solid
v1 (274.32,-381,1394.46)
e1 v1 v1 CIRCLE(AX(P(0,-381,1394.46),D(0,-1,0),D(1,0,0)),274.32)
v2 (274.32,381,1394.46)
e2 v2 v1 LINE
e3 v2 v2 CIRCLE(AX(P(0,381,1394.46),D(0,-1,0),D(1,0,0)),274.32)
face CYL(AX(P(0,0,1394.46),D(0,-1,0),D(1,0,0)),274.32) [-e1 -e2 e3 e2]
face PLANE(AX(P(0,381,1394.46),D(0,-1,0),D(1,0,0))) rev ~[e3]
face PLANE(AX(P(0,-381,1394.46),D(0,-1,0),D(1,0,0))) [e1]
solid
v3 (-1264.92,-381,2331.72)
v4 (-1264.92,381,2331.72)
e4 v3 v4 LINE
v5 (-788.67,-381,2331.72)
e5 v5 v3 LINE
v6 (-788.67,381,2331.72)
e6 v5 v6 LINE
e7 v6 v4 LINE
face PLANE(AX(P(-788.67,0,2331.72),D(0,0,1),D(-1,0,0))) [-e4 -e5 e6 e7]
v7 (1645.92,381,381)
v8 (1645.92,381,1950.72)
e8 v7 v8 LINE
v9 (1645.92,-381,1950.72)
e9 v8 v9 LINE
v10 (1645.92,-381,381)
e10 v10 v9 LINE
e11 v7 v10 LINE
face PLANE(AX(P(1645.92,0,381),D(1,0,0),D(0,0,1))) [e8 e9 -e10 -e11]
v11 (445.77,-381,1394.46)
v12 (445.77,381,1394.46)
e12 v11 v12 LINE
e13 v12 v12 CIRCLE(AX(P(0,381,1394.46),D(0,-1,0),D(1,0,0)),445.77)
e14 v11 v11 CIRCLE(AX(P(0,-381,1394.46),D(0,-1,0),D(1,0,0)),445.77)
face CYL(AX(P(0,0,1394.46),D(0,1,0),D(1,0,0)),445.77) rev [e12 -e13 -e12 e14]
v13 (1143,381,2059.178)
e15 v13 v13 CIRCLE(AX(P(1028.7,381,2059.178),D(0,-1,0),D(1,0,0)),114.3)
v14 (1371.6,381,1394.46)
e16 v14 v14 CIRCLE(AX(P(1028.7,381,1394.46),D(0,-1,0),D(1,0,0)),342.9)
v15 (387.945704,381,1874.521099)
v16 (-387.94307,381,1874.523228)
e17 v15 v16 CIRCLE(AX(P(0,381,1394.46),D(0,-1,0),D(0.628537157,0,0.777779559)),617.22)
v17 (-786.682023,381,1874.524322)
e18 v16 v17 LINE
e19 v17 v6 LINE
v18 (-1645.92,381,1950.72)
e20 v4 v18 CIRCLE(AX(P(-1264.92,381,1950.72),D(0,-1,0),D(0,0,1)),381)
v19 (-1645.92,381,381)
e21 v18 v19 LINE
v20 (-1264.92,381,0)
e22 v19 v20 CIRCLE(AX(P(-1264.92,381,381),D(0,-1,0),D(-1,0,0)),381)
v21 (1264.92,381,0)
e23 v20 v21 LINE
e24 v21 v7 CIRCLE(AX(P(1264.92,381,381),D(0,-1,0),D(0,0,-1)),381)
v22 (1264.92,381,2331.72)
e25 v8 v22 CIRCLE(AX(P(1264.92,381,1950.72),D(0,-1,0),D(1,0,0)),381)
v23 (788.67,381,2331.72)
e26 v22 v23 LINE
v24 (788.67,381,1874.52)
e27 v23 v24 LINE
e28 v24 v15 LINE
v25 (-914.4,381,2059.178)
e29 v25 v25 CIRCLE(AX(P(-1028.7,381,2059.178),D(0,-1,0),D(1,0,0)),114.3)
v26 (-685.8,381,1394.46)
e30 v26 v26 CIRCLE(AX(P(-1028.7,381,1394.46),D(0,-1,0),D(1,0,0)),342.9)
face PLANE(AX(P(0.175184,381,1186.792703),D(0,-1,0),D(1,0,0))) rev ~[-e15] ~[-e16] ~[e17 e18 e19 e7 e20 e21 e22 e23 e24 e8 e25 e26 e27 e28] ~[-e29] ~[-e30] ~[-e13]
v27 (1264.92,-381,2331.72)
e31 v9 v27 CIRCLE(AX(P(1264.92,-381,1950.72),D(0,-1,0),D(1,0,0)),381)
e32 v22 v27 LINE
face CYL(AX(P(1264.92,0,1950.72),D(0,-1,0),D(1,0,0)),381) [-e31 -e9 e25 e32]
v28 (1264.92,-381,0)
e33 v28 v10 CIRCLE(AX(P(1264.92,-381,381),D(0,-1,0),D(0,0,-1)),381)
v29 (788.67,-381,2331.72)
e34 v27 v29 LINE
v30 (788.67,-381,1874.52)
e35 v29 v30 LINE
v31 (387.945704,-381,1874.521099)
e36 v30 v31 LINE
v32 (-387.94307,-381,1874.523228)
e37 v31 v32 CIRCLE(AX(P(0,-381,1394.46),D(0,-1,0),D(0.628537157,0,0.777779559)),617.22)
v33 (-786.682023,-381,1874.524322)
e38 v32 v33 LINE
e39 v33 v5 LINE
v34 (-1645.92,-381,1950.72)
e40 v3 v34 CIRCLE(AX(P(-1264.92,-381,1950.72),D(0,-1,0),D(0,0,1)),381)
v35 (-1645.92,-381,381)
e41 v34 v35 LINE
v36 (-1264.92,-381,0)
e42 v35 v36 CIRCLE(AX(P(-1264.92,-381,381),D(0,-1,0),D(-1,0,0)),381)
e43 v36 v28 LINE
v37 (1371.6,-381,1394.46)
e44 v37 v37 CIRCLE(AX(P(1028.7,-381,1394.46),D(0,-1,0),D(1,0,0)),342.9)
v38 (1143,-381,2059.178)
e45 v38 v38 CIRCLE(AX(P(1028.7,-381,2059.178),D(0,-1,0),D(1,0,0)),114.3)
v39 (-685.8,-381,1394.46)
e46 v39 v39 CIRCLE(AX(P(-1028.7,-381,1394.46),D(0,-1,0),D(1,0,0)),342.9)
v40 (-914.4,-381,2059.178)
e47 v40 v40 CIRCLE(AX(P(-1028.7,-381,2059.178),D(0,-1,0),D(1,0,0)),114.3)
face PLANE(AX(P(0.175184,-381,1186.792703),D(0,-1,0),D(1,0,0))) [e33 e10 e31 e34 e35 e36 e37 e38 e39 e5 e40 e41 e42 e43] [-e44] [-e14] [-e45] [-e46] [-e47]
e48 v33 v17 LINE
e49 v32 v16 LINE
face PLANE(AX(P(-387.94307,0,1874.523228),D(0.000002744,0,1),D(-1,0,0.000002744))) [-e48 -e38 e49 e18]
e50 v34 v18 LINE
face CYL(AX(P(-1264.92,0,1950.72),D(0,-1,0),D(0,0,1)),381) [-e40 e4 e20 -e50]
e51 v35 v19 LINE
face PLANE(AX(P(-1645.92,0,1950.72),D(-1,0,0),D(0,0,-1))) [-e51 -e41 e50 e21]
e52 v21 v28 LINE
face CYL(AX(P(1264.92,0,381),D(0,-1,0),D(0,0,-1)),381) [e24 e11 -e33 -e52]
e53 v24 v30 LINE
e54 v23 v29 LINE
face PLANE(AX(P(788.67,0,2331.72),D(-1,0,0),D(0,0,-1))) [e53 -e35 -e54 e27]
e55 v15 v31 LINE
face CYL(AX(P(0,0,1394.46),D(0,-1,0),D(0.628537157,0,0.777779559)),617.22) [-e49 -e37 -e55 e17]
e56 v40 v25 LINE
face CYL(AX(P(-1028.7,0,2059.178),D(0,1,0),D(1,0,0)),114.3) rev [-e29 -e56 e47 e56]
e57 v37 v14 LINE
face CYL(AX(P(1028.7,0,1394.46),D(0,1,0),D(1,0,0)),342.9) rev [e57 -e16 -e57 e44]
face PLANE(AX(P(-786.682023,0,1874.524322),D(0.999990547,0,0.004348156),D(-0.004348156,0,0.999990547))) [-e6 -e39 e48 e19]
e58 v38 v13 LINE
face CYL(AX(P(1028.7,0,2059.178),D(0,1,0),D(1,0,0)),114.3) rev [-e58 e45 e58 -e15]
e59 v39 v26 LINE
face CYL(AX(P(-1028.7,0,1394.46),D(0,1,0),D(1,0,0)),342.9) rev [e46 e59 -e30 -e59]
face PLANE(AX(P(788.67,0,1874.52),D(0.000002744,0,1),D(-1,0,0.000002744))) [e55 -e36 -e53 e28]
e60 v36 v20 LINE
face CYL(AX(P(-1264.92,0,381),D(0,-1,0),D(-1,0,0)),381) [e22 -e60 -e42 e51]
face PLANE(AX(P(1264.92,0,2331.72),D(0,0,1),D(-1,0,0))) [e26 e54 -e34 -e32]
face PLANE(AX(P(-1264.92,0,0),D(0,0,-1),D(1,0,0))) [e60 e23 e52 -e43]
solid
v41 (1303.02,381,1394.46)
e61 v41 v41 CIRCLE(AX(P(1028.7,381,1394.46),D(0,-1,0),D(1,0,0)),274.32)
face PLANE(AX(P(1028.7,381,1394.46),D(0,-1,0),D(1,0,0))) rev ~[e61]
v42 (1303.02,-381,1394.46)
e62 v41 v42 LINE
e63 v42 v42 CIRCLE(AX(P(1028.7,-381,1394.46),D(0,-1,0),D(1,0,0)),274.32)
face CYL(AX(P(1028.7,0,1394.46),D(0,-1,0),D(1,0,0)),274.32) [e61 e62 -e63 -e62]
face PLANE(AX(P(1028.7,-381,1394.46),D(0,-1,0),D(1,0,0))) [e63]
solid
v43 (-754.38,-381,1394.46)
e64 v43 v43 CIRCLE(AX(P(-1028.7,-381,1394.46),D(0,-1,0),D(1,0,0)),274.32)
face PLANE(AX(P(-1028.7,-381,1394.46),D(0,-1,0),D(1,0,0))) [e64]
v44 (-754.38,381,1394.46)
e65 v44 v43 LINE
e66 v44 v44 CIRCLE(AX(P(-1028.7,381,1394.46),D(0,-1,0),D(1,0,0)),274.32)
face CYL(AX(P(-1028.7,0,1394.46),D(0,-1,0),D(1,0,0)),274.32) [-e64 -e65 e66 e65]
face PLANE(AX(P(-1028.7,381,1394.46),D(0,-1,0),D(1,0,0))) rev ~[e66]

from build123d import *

# Parameters (mm, degrees)
F0_R     = 342.9
F0_R_2   = 114.3
F0_R_3   = 445.77
F1_DEPTH = 381
F0_R_4   = 274.32


with BuildPart() as f1:
    # F0 (on Front) → F1 (new body, symmetric)
    with BuildSketch(Plane.XZ):
        with BuildLine():
            Line((-1264.92, 0), (0, 0))
            Line((0, 0), (1264.92, 0))
            ThreePointArc((1264.92, 0), (1534.3276836321, 111.5923163679), (1645.92, 381))
            Line((1645.92, 381), (1645.92, 1950.72))
            ThreePointArc((1645.92, 1950.72), (1534.3276836321, 2220.1276836321), (1264.92, 2331.72))
            Line((1264.92, 2331.72), (788.67, 2331.72))
            Line((788.67, 2331.72), (788.67, 1874.52))
            Line((788.67, 1874.52), (387.9457039853, 1874.5210994023))
            ThreePointArc((387.9457039853, 1874.5210994023), (0.0016933665, 2011.6799999977), (-387.9430698478, 1874.5232280826))
            Line((-387.9430698478, 1874.5232280826), (-786.6820229085, 1874.5243220381))
            Line((-786.6820229085, 1874.5243220381), (-788.67, 2331.72))
            Line((-788.67, 2331.72), (-1264.92, 2331.72))
            ThreePointArc((-1264.92, 2331.72), (-1534.3276836321, 2220.1276836321), (-1645.92, 1950.72))
            Line((-1645.92, 1950.72), (-1645.92, 381))
            ThreePointArc((-1645.92, 381), (-1534.3276836321, 111.5923163679), (-1264.92, 0))
        make_face()
        with Locations((-1028.7, 1394.46)):
            Circle(F0_R, mode=Mode.SUBTRACT)
        with Locations((-1028.7, 2059.178)):
            Circle(F0_R_2, mode=Mode.SUBTRACT)
        with Locations((0, 1394.46)):
            Circle(F0_R_3, mode=Mode.SUBTRACT)
        with Locations((1028.7, 1394.46)):
            Circle(F0_R, mode=Mode.SUBTRACT)
        with Locations((1028.7, 2059.178)):
            Circle(F0_R_2, mode=Mode.SUBTRACT)
    extrude(amount=F1_DEPTH, both=True)


with BuildPart() as f1b:
    # F0 (on Front) → F1, piece 2 (new body, symmetric)
    with BuildSketch(Plane.XZ):
        with Locations((-1028.7, 1394.46)):
            Circle(F0_R_4)
    extrude(amount=F1_DEPTH, both=True)


with BuildPart() as f1c:
    # F0 (on Front) → F1, piece 3 (new body, symmetric)
    with BuildSketch(Plane.XZ):
        with Locations((0, 1394.46)):
            Circle(F0_R_4)
    extrude(amount=F1_DEPTH, both=True)


with BuildPart() as f1d:
    # F0 (on Front) → F1, piece 4 (new body, symmetric)
    with BuildSketch(Plane.XZ):
        with Locations((1028.7, 1394.46)):
            Circle(F0_R_4)
    extrude(amount=F1_DEPTH, both=True)


solid = Compound([f1.part, f1b.part, f1c.part, f1d.part])
